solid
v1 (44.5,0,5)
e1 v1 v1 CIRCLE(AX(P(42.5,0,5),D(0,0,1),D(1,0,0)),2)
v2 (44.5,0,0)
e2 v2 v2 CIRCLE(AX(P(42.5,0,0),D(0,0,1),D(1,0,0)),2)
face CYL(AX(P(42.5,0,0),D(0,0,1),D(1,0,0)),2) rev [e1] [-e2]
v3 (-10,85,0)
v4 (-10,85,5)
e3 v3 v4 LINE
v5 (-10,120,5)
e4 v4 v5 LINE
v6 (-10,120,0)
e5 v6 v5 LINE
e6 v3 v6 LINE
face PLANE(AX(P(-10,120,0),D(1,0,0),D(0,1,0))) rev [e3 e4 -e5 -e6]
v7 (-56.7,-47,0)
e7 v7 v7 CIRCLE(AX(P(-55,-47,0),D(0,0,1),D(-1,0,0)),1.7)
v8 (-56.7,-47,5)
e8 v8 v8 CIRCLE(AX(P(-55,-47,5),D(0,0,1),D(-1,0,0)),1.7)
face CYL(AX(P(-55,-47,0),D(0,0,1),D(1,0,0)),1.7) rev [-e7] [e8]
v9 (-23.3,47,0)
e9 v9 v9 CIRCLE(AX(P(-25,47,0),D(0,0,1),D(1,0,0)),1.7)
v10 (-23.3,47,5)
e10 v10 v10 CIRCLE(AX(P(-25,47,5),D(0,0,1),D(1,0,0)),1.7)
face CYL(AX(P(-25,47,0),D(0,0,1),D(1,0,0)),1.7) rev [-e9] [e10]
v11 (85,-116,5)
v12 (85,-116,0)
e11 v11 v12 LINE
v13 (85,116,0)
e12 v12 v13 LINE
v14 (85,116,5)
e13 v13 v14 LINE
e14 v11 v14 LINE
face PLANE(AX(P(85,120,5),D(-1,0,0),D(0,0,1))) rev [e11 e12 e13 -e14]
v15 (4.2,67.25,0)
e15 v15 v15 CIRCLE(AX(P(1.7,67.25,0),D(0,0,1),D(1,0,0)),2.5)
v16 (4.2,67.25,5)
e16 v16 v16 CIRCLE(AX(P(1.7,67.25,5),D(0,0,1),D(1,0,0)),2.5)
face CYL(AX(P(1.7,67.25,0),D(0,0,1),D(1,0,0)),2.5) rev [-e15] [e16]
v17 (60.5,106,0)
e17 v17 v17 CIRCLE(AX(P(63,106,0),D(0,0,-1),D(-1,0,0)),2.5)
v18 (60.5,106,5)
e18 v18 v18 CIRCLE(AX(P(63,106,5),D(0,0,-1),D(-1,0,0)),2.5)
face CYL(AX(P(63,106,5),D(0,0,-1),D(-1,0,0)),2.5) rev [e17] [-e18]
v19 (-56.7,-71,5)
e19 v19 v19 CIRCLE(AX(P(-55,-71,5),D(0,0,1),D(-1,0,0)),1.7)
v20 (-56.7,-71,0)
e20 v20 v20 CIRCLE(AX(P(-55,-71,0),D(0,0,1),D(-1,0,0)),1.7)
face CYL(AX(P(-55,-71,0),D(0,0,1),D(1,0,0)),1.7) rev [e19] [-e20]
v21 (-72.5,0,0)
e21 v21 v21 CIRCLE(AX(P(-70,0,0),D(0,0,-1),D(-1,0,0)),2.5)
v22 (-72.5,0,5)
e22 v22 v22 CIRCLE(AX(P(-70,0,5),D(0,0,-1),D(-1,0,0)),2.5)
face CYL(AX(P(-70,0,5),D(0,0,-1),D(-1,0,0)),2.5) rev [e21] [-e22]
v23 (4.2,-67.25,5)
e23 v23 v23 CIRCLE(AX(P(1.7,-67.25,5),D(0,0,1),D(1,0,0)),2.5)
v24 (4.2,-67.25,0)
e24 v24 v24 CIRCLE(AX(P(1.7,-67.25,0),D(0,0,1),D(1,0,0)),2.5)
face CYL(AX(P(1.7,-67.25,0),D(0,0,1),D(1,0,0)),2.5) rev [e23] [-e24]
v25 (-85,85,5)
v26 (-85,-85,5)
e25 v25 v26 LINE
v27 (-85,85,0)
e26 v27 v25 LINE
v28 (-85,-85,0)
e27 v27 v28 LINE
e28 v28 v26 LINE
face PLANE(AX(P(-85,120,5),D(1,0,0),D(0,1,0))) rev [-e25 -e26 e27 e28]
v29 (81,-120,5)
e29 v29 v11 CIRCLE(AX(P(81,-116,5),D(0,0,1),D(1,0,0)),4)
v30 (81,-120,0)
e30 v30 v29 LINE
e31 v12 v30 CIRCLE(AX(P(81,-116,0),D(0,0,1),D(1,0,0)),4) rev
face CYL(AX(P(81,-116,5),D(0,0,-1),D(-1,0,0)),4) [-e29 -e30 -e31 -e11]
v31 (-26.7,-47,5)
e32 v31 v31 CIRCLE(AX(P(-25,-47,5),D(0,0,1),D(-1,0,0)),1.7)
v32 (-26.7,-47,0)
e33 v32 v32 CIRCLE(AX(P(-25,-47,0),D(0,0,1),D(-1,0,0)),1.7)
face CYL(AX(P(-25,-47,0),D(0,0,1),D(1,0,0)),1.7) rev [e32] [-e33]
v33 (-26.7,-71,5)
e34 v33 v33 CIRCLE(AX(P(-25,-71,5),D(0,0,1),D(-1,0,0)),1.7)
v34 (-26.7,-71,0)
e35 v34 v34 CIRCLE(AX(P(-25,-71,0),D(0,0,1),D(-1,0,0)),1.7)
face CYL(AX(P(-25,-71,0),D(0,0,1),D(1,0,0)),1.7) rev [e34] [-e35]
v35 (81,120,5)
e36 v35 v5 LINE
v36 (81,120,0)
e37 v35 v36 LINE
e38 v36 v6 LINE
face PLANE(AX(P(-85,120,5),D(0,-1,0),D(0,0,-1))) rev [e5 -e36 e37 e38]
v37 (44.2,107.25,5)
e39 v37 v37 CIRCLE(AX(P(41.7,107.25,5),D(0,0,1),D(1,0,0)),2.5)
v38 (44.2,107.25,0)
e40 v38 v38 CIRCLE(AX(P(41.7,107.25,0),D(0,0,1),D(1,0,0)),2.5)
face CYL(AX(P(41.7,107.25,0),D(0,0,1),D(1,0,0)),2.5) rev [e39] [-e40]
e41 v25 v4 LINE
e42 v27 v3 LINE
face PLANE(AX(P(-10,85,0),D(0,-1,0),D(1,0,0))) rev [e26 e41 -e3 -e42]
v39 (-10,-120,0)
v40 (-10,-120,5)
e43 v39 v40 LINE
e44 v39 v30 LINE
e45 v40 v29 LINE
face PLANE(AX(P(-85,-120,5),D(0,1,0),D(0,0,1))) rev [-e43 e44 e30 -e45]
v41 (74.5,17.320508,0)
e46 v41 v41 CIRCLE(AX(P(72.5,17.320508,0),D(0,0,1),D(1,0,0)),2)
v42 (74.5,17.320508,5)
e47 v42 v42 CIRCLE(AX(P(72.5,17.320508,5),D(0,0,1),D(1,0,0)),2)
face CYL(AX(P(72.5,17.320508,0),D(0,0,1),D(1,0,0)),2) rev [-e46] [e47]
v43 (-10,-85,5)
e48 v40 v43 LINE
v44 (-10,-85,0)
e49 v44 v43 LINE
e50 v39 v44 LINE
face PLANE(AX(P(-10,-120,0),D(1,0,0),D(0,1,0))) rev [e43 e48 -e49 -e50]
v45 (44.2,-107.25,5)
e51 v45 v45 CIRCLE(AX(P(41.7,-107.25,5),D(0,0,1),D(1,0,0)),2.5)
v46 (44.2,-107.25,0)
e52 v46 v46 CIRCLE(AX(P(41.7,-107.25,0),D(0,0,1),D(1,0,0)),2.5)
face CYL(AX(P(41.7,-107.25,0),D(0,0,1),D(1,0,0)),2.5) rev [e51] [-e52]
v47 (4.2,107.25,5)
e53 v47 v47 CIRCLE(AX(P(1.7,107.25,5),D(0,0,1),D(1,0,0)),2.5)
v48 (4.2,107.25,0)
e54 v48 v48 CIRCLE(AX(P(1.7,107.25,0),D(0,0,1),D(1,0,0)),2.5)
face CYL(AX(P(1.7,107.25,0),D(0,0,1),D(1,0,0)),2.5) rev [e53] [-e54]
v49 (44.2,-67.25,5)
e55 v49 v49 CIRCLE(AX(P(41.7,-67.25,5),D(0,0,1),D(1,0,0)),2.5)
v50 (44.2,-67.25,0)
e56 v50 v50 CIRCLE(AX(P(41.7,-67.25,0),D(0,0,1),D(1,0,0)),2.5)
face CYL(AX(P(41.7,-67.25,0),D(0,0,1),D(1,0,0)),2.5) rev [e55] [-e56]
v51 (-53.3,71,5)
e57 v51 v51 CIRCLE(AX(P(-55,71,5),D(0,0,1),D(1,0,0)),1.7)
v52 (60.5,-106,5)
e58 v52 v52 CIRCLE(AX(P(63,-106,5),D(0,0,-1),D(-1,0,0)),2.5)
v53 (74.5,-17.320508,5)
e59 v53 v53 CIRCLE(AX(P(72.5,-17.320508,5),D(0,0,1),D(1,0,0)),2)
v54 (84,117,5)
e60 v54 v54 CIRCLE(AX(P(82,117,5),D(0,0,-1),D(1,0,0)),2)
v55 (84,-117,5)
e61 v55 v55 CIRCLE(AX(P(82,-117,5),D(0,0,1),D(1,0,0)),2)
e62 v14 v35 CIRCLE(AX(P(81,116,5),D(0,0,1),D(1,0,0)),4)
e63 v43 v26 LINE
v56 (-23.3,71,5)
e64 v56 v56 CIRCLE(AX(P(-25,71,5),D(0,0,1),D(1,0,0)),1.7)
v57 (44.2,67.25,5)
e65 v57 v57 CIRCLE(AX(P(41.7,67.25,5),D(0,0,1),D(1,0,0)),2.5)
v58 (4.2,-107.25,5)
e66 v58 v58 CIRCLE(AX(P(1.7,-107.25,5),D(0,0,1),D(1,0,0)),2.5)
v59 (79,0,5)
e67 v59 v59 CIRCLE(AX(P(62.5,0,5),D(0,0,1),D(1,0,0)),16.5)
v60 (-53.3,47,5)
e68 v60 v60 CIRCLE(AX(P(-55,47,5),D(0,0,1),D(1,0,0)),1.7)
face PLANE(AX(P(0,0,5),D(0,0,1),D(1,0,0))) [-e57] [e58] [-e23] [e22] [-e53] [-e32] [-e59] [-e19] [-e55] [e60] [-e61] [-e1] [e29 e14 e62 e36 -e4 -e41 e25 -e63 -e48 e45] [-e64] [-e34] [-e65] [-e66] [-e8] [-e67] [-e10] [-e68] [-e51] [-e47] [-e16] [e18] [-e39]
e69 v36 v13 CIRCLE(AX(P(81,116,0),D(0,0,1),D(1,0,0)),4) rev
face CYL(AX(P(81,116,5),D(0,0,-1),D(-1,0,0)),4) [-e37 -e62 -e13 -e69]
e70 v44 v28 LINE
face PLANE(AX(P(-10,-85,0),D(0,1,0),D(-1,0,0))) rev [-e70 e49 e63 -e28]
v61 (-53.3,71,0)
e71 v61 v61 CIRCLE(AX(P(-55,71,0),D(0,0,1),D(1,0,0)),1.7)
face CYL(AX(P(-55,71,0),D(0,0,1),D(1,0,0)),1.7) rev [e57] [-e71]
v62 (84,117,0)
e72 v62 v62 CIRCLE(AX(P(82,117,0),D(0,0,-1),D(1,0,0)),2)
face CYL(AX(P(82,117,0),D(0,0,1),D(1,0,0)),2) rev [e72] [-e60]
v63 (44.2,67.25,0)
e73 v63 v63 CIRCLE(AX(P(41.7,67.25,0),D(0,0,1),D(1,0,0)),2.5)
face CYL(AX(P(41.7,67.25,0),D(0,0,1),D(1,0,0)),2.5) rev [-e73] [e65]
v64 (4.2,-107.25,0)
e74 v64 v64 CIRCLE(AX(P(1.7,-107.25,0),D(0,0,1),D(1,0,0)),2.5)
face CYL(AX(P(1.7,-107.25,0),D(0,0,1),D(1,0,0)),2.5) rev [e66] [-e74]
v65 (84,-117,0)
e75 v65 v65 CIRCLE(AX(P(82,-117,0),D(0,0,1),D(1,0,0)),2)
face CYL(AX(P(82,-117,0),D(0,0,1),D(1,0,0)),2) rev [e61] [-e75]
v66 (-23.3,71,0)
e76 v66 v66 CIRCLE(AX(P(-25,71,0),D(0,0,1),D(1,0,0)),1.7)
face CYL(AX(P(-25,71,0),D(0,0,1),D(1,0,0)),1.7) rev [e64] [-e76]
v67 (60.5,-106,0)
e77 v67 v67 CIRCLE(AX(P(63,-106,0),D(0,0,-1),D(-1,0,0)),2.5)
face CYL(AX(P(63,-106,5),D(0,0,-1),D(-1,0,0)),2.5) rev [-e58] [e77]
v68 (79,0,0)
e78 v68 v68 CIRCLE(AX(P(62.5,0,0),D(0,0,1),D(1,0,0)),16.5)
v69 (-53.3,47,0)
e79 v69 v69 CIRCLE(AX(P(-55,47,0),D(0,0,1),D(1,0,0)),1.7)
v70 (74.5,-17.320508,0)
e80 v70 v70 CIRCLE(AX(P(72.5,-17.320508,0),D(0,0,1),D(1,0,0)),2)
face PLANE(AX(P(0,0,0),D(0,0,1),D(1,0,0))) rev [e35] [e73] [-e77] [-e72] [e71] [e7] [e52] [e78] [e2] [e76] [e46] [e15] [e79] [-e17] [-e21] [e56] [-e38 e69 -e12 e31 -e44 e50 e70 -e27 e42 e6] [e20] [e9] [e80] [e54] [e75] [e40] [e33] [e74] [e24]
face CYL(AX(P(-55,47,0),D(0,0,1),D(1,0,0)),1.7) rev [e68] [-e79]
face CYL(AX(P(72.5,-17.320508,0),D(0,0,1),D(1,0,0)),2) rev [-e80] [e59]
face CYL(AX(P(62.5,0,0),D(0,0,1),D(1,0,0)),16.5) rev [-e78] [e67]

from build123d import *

# Parameters (mm, degrees)
SKETCH1_W           = 170
SKETCH1_H           = 240
BOSS_EXTRUDE1_DEPTH = 5
SKETCH2_R           = 16.5
CUT_EXTRUDE1_DEPTH  = 148.139389696
SKETCH3_R           = 2
CUT_EXTRUDE2_DEPTH  = 148.139389696
SKETCH4_R           = 1.7
CUT_EXTRUDE3_DEPTH  = 148.139389696
SKETCH5_W           = 75
SKETCH5_H           = 35
CUT_EXTRUDE4_DEPTH  = 148.139389696
FILLET1_R           = 4
SKETCH6_R           = 2.000000001
CUT_EXTRUDE5_DEPTH  = 148.139389696
FILLET2_R           = 4
SKETCH7_R           = 2.5
CUT_EXTRUDE6_DEPTH  = 148.139389696
SKETCH8_R           = 2.5
CUT_EXTRUDE7_DEPTH  = 148.139389696


with BuildPart() as part:
    # Sketch1 → Boss-Extrude1 (new body)
    with BuildSketch(Plane.XY):
        Rectangle(SKETCH1_W, SKETCH1_H)
    extrude(amount=BOSS_EXTRUDE1_DEPTH)

    # Sketch2 → Cut-Extrude1 (cut, through all)
    with BuildSketch(Plane.XY.offset(5)):
        with Locations((62.5, 0)):
            Circle(SKETCH2_R)
    extrude(amount=-CUT_EXTRUDE1_DEPTH, mode=Mode.SUBTRACT)

    # Sketch3 → Cut-Extrude2 (cut, through all)
    with BuildSketch(Plane.XY.offset(5)):
        with Locations((72.5, -17.320508076)):
            Circle(SKETCH3_R)
        with Locations((72.5, 17.320508076)):
            Circle(SKETCH3_R)
        with Locations((42.5, 0)):
            Circle(SKETCH3_R)
    extrude(amount=-CUT_EXTRUDE2_DEPTH, mode=Mode.SUBTRACT)

    # Sketch4 → Cut-Extrude3 (cut, through all)
    with BuildSketch(Plane.XY.offset(5)):
        with Locations((-25, 47)):
            Circle(SKETCH4_R)
        with Locations((-25, 71)):
            Circle(SKETCH4_R)
        with Locations((-55, 47)):
            Circle(SKETCH4_R)
        with Locations((-55, 71)):
            Circle(SKETCH4_R)
        with Locations(Location((-55, -71, 0), (0, 0, 180))):
            Circle(SKETCH4_R)
        with Locations(Location((-25, -71, 0), (0, 0, 180))):
            Circle(SKETCH4_R)
        with Locations(Location((-55, -47, 0), (0, 0, 180))):
            Circle(SKETCH4_R)
        with Locations(Location((-25, -47, 0), (0, 0, 180))):
            Circle(SKETCH4_R)
    extrude(amount=-CUT_EXTRUDE3_DEPTH, mode=Mode.SUBTRACT)

    # Sketch5 → Cut-Extrude4 (cut, through all)
    with BuildSketch(Plane.XY.offset(5)):
        with Locations((-47.5, 102.5)):
            Rectangle(SKETCH5_W, SKETCH5_H)
        with Locations((-47.5, -102.5)):
            Rectangle(SKETCH5_W, SKETCH5_H)
    extrude(amount=-CUT_EXTRUDE4_DEPTH, mode=Mode.SUBTRACT)

    # Fillet1
    fillet1_edges = [part.edges().sort_by_distance(p)[0] for p in [
        (85, -120, 2.5),
    ]]
    fillet(fillet1_edges, radius=FILLET1_R)

    # Sketch6 → Cut-Extrude5 (cut, through all)
    with BuildSketch(Plane.XY.offset(5)):
        with Locations((81.999999999, -117)):
            Circle(SKETCH6_R)
    cut_extrude5 = extrude(amount=-CUT_EXTRUDE5_DEPTH, mode=Mode.SUBTRACT)

    # Mirror5: Cut-Extrude5 across plane
    add(cut_extrude5.mirror(Plane.ZX), mode=Mode.SUBTRACT)

    # Fillet2
    fillet2_edges = [part.edges().sort_by_distance(p)[0] for p in [
        (85, 120, 2.5),
    ]]
    fillet(fillet2_edges, radius=FILLET2_R)

    # Sketch7 → Cut-Extrude6 (cut, through all)
    with BuildSketch(Plane.XY.offset(5)):
        with Locations((41.7, 107.25)):
            Circle(SKETCH7_R)
        with Locations((41.7, 67.25)):
            Circle(SKETCH7_R)
        with Locations((1.7, 67.25)):
            Circle(SKETCH7_R)
        with Locations((1.7, 107.25)):
            Circle(SKETCH7_R)
        with Locations((41.7, -107.25)):
            Circle(SKETCH7_R)
        with Locations((1.7, -107.25)):
            Circle(SKETCH7_R)
        with Locations((1.7, -67.25)):
            Circle(SKETCH7_R)
        with Locations((41.7, -67.25)):
            Circle(SKETCH7_R)
    extrude(amount=-CUT_EXTRUDE6_DEPTH, mode=Mode.SUBTRACT)

    # Sketch8 → Cut-Extrude7 (cut, through all)
    with BuildSketch(Plane(origin=(0, 0, 0), x_dir=(-1, 0, 0), z_dir=(0, 0, -1))):
        with Locations((-63, 106)):
            Circle(SKETCH8_R)
        with Locations((-63, -106)):
            Circle(SKETCH8_R)
        with Locations((70, 0)):
            Circle(SKETCH8_R)
    extrude(amount=-CUT_EXTRUDE7_DEPTH, mode=Mode.SUBTRACT)


solid = part.part
